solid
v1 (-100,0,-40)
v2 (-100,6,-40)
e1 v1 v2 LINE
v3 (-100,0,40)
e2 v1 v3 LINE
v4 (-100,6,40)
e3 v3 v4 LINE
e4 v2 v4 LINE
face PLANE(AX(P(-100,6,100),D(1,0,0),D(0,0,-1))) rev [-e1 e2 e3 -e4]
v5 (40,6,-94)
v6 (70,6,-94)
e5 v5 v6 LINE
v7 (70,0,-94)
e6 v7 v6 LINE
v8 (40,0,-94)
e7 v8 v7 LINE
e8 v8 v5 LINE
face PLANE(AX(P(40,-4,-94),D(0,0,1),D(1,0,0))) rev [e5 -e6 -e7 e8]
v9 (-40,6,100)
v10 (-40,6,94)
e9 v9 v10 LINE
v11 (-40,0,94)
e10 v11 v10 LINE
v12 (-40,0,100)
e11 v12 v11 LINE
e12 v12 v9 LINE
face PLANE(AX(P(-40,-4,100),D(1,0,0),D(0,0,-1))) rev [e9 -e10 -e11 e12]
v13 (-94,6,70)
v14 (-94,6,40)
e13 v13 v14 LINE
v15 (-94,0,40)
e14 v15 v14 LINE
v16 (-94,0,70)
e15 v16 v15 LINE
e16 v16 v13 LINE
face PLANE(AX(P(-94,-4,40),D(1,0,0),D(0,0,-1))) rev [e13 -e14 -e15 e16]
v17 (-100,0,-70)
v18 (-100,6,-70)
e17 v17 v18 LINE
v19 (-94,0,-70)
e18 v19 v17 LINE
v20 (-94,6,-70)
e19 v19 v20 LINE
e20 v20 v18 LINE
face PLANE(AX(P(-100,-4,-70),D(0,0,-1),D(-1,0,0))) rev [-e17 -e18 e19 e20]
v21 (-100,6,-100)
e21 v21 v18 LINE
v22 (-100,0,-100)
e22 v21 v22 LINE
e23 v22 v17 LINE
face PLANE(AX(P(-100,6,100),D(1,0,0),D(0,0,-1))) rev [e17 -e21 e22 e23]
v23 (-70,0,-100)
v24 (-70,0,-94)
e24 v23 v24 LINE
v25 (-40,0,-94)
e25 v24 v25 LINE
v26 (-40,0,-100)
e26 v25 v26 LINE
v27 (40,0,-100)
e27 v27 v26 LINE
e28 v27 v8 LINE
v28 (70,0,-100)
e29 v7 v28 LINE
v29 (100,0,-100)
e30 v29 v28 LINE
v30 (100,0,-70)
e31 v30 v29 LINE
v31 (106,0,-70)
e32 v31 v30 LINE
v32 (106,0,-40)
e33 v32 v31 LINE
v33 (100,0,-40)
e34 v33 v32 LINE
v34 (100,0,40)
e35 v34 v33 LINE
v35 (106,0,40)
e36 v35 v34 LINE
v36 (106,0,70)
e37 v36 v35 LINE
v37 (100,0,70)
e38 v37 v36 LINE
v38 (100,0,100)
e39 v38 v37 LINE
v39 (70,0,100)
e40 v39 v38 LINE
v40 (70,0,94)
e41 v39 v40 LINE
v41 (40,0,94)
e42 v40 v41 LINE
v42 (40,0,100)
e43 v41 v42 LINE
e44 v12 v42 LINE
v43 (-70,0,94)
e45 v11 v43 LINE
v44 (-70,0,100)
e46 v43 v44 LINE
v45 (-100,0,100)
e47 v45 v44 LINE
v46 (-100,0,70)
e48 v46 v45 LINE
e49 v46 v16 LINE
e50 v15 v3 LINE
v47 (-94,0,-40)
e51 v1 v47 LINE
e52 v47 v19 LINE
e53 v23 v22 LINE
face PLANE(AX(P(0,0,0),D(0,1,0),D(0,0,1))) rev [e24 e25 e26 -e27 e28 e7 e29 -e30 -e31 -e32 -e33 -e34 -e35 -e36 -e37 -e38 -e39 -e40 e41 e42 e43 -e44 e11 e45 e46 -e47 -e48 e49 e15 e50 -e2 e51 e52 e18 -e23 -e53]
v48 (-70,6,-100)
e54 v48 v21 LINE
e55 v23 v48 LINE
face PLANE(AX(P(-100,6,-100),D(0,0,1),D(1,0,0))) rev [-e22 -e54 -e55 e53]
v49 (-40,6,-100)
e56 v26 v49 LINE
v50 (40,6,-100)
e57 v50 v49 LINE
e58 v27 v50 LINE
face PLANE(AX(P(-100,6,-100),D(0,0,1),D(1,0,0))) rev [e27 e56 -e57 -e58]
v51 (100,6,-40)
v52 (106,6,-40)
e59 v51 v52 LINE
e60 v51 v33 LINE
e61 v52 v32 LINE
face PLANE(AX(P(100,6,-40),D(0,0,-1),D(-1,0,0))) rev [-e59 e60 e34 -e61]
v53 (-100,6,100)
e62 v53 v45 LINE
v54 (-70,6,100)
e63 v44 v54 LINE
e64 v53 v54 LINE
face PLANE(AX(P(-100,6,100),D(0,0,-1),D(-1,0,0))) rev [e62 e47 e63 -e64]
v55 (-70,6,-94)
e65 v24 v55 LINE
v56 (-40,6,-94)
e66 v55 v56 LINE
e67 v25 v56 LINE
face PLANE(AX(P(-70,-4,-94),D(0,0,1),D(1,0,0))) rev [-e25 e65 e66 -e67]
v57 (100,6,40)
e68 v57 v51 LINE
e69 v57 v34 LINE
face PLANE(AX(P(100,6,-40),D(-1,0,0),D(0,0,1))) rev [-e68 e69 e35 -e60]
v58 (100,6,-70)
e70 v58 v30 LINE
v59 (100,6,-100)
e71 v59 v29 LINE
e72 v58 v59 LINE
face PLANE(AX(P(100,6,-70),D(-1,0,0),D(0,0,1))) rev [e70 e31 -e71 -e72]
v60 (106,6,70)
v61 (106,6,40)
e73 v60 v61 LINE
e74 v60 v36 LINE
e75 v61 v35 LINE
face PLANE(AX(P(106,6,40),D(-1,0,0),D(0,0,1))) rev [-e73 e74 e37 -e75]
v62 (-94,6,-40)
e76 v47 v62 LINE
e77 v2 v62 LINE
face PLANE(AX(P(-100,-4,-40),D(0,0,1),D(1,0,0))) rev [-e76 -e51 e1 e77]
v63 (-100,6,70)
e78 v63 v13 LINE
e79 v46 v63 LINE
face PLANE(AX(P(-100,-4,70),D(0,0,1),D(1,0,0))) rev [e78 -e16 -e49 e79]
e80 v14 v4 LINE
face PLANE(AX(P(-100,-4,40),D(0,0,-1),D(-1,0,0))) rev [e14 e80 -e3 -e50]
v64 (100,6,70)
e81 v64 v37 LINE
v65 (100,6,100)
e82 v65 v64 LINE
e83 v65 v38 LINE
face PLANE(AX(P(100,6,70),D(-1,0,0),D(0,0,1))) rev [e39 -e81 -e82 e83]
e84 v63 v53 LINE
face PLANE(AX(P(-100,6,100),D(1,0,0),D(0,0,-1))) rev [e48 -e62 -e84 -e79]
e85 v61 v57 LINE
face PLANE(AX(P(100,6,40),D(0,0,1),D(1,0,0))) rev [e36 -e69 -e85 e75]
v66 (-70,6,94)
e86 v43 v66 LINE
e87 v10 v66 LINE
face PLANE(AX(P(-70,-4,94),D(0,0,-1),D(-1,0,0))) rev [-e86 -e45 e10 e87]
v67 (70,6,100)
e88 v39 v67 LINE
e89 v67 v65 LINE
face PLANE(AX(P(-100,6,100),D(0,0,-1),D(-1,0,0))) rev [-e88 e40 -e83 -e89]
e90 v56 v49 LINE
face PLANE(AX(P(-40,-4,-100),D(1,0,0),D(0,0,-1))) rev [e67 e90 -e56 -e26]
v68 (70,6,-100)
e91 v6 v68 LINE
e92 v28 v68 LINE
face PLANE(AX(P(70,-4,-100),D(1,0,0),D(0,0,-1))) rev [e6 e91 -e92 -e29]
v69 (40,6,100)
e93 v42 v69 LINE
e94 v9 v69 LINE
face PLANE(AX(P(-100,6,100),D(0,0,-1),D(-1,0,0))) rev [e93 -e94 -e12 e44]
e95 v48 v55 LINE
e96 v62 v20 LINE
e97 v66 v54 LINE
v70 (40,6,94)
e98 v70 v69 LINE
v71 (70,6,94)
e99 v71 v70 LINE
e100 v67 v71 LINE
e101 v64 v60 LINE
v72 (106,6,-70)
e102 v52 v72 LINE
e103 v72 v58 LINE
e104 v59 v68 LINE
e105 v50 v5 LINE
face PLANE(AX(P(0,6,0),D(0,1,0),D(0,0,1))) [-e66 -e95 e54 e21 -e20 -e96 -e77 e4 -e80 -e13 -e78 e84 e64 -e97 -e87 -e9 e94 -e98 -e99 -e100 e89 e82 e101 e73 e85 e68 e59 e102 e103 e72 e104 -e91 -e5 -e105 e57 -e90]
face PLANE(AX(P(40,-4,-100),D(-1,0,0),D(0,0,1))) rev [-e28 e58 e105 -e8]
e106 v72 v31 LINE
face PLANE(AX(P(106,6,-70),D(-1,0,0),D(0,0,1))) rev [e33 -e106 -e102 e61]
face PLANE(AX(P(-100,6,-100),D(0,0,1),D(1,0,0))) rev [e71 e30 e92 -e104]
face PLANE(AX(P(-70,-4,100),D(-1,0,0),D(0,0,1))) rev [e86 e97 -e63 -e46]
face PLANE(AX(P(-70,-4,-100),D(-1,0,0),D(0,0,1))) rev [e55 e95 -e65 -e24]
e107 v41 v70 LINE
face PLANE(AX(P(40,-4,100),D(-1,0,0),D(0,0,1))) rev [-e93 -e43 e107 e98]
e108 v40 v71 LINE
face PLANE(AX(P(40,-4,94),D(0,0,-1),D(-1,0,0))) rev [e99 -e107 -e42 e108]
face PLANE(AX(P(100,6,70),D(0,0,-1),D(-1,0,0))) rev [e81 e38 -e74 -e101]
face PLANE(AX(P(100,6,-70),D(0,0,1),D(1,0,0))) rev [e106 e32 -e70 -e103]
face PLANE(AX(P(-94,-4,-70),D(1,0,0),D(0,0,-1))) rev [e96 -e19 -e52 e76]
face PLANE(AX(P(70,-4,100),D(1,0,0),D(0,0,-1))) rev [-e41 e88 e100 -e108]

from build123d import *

# Parameters (mm, degrees)
RESSALTO_EXTRUS_O1_DEPTH = 6
ESBO_O2_W                = 30
ESBO_O2_H                = 6
ESBO_O2_W_2              = 6
ESBO_O2_H_2              = 30
CORTE_EXTRUS_O1_DEPTH    = 10


with BuildPart() as part:
    # Esboço1 → Ressalto-extrusão1 (new body)
    with BuildSketch(Plane(origin=(0, 0, 0), x_dir=(1, 0, 0), z_dir=(0, 1, 0))):
        Polygon((100, 70), (100, 100), (-100, 100), (-100, -100), (100, -100), (100, -70), (106, -70), (106, -40), (100, -40), (100, 40), (106, 40), (106, 70), align=None)
    extrude(amount=RESSALTO_EXTRUS_O1_DEPTH)

    # Esboço2 → Corte-extrusão1 (cut)
    with BuildSketch(Plane(origin=(0, 6, 0), x_dir=(1, 0, 0), z_dir=(0, 1, 0))):
        with Locations((-55, -97)):
            Rectangle(ESBO_O2_W, ESBO_O2_H)
        with Locations((55, -97)):
            Rectangle(ESBO_O2_W, ESBO_O2_H)
        with Locations((-55, 97)):
            Rectangle(ESBO_O2_W, ESBO_O2_H)
        with Locations((55, 97)):
            Rectangle(ESBO_O2_W, ESBO_O2_H)
        with Locations((-97, 55)):
            Rectangle(ESBO_O2_W_2, ESBO_O2_H_2)
        with Locations((-97, -55)):
            Rectangle(ESBO_O2_W_2, ESBO_O2_H_2)
    extrude(amount=-CORTE_EXTRUS_O1_DEPTH, mode=Mode.SUBTRACT)


solid = part.part
